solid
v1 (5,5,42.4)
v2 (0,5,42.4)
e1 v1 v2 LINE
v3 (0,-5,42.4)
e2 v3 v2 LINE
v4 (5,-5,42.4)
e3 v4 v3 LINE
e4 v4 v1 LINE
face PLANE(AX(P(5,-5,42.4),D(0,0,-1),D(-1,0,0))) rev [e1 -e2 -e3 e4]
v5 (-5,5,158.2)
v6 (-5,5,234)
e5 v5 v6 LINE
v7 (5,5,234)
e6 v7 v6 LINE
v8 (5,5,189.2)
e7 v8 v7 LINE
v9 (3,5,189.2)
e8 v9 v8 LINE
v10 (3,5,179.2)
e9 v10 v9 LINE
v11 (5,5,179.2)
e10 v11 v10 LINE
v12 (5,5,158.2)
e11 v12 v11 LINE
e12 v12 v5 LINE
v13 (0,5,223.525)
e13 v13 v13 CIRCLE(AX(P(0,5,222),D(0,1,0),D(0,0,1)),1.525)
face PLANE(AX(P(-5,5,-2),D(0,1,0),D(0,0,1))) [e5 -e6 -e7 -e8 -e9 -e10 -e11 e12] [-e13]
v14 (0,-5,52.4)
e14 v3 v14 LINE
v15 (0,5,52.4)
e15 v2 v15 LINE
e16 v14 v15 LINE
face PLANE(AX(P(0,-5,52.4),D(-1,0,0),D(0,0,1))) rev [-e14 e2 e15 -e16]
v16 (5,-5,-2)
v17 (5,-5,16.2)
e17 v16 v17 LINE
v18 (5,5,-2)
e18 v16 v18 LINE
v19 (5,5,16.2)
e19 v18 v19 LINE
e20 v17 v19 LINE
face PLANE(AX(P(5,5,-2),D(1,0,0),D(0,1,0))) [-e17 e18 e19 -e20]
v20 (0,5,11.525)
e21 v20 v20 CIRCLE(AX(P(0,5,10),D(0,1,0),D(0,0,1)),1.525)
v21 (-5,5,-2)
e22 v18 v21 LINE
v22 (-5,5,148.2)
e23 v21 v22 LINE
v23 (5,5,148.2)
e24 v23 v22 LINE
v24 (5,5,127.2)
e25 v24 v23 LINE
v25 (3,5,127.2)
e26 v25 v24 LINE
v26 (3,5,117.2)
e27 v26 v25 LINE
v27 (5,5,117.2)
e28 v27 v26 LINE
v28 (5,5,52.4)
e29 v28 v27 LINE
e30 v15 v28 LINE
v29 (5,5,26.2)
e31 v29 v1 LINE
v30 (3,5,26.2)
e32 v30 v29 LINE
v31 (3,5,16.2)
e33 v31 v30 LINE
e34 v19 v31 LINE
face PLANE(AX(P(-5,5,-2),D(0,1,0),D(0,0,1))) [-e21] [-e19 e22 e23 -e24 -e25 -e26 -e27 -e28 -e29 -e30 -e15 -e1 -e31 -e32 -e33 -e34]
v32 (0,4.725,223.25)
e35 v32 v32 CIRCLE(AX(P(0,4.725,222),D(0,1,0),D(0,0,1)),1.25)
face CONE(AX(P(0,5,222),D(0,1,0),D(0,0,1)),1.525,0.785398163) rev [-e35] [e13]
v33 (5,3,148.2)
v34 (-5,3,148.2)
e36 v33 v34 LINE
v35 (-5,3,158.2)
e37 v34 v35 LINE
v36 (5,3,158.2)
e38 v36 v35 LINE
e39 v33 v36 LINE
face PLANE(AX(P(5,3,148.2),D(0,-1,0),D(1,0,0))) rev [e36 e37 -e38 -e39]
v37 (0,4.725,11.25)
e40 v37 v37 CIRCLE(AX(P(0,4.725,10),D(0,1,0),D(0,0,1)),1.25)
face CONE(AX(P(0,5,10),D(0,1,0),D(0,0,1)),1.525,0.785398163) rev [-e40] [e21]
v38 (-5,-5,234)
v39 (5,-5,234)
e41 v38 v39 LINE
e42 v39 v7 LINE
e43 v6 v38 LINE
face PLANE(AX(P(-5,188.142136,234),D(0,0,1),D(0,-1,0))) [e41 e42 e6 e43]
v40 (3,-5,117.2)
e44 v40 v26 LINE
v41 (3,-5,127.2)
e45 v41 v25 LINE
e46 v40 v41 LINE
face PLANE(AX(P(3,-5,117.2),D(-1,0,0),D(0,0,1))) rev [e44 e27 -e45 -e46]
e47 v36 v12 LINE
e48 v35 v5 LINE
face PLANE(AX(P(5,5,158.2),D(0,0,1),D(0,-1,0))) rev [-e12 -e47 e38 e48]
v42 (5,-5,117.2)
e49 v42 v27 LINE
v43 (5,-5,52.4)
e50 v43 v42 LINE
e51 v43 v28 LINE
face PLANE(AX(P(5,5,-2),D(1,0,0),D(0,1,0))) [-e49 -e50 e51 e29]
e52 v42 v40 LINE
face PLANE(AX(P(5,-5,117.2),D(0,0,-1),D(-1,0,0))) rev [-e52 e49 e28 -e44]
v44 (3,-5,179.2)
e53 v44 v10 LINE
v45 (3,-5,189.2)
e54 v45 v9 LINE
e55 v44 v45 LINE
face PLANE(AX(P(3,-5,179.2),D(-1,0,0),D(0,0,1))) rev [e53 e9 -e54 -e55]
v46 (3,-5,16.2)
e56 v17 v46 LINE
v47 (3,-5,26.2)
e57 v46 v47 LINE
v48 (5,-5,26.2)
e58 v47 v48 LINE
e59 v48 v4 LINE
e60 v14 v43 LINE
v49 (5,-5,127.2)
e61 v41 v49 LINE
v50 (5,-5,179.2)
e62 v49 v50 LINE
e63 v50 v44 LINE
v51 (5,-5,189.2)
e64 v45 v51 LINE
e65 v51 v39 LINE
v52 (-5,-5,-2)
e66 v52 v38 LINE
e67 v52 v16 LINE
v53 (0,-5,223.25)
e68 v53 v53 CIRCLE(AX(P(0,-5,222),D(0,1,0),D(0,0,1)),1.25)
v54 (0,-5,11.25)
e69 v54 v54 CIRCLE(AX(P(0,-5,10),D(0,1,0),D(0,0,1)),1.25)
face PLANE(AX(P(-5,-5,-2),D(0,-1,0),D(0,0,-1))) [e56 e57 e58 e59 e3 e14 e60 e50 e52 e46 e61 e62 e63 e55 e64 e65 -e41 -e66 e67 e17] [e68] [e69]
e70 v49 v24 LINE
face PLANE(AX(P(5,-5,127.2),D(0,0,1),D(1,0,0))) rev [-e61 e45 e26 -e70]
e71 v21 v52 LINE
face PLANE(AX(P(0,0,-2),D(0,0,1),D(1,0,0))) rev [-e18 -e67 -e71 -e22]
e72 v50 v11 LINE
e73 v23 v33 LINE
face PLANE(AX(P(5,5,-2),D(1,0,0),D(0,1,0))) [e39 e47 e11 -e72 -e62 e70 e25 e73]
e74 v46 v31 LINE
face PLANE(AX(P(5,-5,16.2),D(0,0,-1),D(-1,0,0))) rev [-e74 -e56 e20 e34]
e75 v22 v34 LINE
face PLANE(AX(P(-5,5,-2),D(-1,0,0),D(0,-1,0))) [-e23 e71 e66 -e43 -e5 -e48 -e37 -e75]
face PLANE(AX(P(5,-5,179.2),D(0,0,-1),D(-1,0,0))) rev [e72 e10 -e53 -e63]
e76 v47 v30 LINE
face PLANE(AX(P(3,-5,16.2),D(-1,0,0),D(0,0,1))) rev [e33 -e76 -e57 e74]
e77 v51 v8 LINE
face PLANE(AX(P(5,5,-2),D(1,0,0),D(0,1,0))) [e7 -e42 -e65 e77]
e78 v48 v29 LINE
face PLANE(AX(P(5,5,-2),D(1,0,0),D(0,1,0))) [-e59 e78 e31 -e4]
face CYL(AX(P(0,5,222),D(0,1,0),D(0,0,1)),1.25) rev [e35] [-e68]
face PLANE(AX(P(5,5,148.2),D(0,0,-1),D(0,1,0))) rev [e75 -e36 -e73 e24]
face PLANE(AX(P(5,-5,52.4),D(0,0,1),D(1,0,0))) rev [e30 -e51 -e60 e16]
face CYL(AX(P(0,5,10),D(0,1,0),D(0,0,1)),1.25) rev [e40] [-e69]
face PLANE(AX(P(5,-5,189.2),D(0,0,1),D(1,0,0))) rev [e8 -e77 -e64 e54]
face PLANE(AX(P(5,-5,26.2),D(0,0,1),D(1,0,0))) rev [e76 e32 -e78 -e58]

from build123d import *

# Parameters (mm, degrees)
ESQUISSE1_W                     = 10
ESQUISSE1_H                     = 10
BOSS_EXTRU_1_DEPTH              = 234
BOSS_EXTRU_1_DEPTH_BACK         = 2
ESQUISSE2_W                     = 2
ESQUISSE2_H                     = 10
ESQUISSE2_W_2                   = 5
ENL_V_MAT_EXTRU_1_DEPTH         = 11
ESQUISSE3_W                     = 10
ESQUISSE3_H                     = 2
ENL_V_MAT_EXTRU_2_DEPTH         = 11
TROU_TARAUD_M3X0_51_D           = 2.5
TROU_TARAUD_M3X0_51_CSINK_D     = 3.05
TROU_TARAUD_M3X0_51_CSINK_ANGLE = 90


with BuildPart() as part:
    # Esquisse1 → Boss.-Extru.1 (new body, two sides)
    with BuildSketch(Plane.XY) as boss_extru_1_sk:
        Rectangle(ESQUISSE1_W, ESQUISSE1_H)
    extrude(amount=BOSS_EXTRU_1_DEPTH)
    extrude(boss_extru_1_sk.sketch, amount=-BOSS_EXTRU_1_DEPTH_BACK)

    # Esquisse2 → Enl_v. mat.-Extru.1 (cut, through all)
    with BuildSketch(Plane(origin=(0, 5, 0), x_dir=(1, 0, 0), z_dir=(0, 1, 0))):
        with Locations((4, -122.2)):
            Rectangle(ESQUISSE2_W, ESQUISSE2_H)
        with Locations((4, -184.2)):
            Rectangle(ESQUISSE2_W, ESQUISSE2_H)
        with Locations((4, -21.2)):
            Rectangle(ESQUISSE2_W, ESQUISSE2_H)
        with Locations((2.5, -47.4)):
            Rectangle(ESQUISSE2_W_2, ESQUISSE2_H)
    extrude(amount=-ENL_V_MAT_EXTRU_1_DEPTH, mode=Mode.SUBTRACT)

    # Esquisse3 → Enl_v. mat.-Extru.2 (cut, through all)
    with BuildSketch(Plane.ZY.offset(5)):
        with Locations((153.2, 4)):
            Rectangle(ESQUISSE3_W, ESQUISSE3_H)
    extrude(amount=-ENL_V_MAT_EXTRU_2_DEPTH, mode=Mode.SUBTRACT)

    # Trou taraud_ M3x0.51 (through all)
    with Locations(Plane(origin=(0, 5, 0), x_dir=(1, 0, 0), z_dir=(0, 1, 0))):
        with Locations((0, -222), (0, -10)):
            CounterSinkHole(TROU_TARAUD_M3X0_51_D / 2, TROU_TARAUD_M3X0_51_CSINK_D / 2, counter_sink_angle=TROU_TARAUD_M3X0_51_CSINK_ANGLE)


solid = part.part
